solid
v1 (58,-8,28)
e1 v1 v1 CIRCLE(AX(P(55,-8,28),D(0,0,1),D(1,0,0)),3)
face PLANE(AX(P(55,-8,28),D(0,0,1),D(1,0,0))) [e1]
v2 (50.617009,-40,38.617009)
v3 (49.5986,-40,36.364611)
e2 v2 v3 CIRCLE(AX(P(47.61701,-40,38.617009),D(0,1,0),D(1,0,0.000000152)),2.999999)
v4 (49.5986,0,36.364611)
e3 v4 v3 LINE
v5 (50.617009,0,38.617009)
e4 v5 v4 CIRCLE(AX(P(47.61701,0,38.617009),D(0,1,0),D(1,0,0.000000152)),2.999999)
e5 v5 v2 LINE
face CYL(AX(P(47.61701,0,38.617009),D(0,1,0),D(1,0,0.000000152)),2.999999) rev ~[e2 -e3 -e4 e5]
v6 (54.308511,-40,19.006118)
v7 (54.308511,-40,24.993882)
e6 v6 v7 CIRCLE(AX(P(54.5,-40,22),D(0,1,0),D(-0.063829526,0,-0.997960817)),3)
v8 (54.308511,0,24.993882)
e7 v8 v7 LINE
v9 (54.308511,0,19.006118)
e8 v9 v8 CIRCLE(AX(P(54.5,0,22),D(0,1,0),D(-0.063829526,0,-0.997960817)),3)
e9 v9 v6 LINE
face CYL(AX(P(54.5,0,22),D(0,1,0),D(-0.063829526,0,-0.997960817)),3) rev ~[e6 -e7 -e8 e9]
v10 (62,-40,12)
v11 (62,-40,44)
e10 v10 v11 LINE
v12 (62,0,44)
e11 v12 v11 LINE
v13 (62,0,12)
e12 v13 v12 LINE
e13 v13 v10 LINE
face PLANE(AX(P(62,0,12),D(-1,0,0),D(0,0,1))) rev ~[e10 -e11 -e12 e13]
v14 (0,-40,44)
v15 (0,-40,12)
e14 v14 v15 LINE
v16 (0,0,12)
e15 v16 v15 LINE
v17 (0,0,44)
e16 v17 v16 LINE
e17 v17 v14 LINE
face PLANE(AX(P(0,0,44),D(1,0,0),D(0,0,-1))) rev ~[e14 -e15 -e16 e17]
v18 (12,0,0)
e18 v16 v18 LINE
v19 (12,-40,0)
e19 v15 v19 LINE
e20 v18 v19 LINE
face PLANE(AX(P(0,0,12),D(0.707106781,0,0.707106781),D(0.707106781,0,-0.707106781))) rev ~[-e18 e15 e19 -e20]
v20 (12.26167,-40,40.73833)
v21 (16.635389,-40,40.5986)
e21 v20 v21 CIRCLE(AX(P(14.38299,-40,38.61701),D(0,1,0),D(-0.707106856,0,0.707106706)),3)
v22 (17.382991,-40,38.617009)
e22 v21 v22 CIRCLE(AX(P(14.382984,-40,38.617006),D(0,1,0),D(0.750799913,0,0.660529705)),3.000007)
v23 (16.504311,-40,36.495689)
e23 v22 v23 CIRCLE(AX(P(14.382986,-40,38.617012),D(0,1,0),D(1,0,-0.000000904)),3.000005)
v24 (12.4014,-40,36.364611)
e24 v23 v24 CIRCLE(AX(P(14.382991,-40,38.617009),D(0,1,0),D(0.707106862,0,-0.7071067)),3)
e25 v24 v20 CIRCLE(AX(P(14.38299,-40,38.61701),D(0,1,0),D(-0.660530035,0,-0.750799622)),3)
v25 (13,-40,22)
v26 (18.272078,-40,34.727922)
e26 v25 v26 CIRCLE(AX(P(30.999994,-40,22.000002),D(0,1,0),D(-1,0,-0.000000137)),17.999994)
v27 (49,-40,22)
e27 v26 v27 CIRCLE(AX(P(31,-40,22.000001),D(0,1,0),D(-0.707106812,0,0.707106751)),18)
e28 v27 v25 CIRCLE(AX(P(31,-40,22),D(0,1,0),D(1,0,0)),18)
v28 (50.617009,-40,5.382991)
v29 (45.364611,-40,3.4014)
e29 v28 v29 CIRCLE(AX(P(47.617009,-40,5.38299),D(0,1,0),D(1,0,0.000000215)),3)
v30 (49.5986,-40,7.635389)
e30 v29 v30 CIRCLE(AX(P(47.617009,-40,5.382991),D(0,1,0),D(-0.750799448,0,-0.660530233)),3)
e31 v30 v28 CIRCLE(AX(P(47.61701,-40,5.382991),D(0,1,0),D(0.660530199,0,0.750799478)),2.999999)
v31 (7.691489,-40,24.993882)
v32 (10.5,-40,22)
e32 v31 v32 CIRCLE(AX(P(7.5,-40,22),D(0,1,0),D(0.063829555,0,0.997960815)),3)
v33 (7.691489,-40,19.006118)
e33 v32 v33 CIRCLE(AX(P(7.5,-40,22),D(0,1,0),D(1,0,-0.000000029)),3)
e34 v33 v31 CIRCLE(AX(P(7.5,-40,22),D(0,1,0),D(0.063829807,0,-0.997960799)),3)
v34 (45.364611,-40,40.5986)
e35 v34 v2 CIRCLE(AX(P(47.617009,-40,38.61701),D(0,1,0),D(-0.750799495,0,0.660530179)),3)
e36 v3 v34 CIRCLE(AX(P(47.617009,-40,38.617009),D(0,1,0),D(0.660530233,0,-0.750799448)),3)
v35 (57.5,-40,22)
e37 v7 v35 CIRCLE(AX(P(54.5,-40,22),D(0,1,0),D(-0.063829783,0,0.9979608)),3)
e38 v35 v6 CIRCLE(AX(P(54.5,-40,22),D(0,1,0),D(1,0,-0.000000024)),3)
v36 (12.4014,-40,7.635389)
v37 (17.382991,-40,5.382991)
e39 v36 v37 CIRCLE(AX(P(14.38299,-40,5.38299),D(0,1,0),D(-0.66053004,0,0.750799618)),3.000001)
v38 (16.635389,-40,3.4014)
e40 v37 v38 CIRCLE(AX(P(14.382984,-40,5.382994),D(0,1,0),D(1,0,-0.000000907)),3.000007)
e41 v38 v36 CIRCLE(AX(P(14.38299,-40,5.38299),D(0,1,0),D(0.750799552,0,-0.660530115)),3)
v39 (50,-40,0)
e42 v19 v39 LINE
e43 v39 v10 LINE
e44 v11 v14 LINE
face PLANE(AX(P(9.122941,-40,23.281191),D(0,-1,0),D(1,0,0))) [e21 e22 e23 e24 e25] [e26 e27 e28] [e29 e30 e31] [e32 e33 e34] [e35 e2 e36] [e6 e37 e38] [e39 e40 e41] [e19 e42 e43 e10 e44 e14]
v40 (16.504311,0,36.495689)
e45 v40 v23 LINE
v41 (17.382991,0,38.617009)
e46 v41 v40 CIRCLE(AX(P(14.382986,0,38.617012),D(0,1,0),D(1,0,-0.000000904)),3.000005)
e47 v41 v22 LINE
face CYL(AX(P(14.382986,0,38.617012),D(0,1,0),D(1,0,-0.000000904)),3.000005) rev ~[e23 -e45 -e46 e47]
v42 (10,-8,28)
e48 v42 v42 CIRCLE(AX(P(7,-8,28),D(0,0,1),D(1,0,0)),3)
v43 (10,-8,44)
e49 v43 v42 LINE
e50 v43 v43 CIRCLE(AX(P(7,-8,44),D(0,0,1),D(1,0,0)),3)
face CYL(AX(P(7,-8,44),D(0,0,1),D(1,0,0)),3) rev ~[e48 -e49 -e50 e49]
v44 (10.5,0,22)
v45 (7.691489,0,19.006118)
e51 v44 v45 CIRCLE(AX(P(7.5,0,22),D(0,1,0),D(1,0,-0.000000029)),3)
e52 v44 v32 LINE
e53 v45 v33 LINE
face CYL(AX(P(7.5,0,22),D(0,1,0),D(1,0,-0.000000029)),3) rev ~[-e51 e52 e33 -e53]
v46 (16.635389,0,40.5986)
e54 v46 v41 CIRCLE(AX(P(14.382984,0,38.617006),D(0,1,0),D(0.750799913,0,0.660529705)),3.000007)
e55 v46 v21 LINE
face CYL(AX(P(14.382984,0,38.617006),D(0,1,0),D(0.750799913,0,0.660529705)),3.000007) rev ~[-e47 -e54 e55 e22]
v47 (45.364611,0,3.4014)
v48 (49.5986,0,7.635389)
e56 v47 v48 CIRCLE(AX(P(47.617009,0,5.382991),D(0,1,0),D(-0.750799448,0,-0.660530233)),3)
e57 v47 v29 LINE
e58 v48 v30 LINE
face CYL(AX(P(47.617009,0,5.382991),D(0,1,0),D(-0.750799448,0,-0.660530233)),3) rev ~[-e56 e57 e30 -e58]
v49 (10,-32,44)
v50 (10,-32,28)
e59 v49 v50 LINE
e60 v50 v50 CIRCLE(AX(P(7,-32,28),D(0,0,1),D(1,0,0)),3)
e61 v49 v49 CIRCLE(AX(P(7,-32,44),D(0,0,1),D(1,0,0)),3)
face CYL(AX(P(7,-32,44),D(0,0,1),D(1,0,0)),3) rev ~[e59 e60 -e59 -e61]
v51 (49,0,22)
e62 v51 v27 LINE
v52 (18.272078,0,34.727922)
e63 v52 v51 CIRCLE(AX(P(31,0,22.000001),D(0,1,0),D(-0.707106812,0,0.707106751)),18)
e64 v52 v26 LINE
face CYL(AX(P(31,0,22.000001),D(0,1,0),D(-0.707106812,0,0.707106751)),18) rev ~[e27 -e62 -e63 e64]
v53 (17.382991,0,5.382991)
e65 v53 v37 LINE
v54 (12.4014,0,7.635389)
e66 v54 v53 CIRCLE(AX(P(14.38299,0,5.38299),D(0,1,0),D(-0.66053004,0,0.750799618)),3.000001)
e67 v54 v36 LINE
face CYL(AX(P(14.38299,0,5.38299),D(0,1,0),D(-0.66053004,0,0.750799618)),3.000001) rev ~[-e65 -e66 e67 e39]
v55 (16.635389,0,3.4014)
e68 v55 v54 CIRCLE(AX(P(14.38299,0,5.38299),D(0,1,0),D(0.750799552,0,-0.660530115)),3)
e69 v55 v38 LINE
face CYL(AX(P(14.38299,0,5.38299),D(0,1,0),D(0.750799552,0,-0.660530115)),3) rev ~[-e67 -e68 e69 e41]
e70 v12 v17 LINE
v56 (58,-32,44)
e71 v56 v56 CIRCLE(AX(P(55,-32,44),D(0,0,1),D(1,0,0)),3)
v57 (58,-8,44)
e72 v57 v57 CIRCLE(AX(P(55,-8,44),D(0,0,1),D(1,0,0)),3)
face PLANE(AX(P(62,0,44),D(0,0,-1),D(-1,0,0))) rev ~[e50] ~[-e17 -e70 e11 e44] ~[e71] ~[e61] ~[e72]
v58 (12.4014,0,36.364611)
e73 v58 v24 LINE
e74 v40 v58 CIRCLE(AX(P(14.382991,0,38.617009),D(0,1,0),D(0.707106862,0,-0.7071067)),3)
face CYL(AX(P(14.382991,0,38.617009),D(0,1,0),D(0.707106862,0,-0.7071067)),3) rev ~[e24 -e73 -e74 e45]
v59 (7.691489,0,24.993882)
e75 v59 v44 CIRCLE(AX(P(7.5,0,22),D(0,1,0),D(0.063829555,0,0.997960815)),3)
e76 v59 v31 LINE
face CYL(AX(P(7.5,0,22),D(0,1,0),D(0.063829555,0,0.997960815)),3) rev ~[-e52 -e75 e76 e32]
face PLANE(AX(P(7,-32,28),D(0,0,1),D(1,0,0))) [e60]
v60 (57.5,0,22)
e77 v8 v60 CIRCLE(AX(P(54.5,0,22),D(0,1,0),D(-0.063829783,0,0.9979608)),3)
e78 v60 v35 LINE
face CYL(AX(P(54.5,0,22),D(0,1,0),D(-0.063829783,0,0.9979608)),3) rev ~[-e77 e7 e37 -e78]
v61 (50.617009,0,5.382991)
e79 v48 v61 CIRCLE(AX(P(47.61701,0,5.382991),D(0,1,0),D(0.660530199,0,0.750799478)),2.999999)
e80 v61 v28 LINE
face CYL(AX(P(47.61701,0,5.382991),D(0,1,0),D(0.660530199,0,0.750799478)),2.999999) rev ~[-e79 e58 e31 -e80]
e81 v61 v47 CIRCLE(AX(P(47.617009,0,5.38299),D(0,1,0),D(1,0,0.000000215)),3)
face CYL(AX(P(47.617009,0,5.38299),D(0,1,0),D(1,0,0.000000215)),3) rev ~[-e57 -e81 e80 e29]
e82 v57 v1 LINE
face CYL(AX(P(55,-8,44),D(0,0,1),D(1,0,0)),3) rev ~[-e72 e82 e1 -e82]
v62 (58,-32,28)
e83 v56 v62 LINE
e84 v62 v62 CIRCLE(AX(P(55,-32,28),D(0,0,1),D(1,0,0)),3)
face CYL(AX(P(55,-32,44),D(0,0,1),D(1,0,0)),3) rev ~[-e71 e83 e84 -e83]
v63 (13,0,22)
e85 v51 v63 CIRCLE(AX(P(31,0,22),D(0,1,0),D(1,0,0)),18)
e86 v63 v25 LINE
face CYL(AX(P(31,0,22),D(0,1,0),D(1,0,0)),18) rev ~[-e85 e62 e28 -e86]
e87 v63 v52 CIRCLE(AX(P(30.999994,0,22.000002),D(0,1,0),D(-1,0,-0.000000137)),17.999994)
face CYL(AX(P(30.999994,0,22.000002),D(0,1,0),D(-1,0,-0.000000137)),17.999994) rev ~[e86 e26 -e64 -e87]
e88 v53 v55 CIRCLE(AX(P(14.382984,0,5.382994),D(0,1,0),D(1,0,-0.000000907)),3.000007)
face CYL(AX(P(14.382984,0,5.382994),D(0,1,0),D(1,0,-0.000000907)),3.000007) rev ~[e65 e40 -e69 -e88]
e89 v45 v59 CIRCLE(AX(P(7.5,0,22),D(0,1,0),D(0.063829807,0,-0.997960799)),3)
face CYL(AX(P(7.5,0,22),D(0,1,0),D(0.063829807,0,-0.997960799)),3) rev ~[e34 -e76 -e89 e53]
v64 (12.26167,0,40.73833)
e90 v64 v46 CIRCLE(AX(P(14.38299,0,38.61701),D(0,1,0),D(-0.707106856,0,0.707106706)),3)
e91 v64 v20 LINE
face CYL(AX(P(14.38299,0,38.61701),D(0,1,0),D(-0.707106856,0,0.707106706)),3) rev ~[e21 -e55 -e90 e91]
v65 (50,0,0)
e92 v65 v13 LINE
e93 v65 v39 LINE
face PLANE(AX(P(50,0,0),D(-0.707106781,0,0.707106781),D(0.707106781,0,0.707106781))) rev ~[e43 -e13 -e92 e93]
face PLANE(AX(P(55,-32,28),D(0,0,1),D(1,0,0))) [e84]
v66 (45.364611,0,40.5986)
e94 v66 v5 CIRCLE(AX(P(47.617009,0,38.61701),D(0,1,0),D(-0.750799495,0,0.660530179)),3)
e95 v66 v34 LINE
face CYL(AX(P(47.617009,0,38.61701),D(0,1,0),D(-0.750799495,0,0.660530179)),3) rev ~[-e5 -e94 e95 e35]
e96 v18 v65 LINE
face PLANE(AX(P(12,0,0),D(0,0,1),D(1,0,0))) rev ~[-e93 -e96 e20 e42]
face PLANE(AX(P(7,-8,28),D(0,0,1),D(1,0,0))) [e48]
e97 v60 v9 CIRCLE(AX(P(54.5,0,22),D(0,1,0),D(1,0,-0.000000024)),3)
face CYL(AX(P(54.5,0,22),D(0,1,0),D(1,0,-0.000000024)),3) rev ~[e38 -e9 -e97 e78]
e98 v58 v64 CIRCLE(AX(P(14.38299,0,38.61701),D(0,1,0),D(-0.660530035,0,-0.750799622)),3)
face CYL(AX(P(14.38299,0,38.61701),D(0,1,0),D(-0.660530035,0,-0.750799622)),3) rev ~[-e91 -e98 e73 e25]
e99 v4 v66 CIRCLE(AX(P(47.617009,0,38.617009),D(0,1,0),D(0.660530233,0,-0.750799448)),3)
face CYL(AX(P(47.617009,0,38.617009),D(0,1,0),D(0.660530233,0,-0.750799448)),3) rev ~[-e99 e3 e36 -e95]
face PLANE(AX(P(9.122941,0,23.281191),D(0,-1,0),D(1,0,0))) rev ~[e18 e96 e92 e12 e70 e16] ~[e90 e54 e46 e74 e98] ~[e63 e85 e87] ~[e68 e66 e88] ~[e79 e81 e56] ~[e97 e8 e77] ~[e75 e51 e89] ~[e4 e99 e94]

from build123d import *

# Parameters (mm, degrees)
F1_DEPTH = 40
F2_R     = 3
F3_DEPTH = 16


with BuildPart() as f1:
    # F0 (on Front) → F1 (new body)
    with BuildSketch(Plane.XZ):
        with BuildLine():
            Line((0, 12), (12, 0))
            Line((12, 0), (22.738644, 0))
            ThreePointArc((22.738644, 0), (19.559896, 1.472603), (16.635389, 3.4014))
            ThreePointArc((16.635389, 3.4014), (12.26167, 3.26167), (12.4014, 7.635389))
            ThreePointArc((12.4014, 7.635389), (9.288831, 13.006939), (7.691489, 19.006118))
            ThreePointArc((7.691489, 19.006118), (4.5, 22), (7.691489, 24.993882))
            ThreePointArc((7.691489, 24.993882), (9.288831, 30.993061), (12.4014, 36.364611))
            ThreePointArc((12.4014, 36.364611), (11.38452, 38.521216), (12.26167, 40.73833))
            ThreePointArc((12.26167, 40.73833), (14.478784, 41.61548), (16.635389, 40.5986))
            ThreePointArc((16.635389, 40.5986), (19.559896, 42.527397), (22.738644, 44))
            Line((22.738644, 44), (0, 44))
            Line((0, 44), (0, 12))
        make_face()
        with BuildLine():
            ThreePointArc((12.4014, 36.364611), (9.288831, 30.993061), (7.691489, 24.993882))
            ThreePointArc((7.691489, 24.993882), (9.687975, 24.052502), (10.5, 22))
            Line((10.5, 22), (13, 22))
            ThreePointArc((13, 22), (14.370168, 28.888302), (18.272078, 34.727922))
            Line((18.272078, 34.727922), (16.504311, 36.495689))
            ThreePointArc((16.504311, 36.495689), (14.478784, 35.618539), (12.4014, 36.364611))
        make_face()
        with BuildLine():
            ThreePointArc((16.635389, 3.4014), (19.559896, 1.472603), (22.738644, 0))
            Line((22.738644, 0), (39.261356, 0))
            ThreePointArc((39.261356, 0), (42.440104, 1.472603), (45.364611, 3.4014))
            ThreePointArc((45.364611, 3.4014), (45.495689, 7.504311), (49.5986, 7.635389))
            ThreePointArc((49.5986, 7.635389), (52.711169, 13.006939), (54.308511, 19.006118))
            ThreePointArc((54.308511, 19.006118), (51.5, 22), (54.308511, 24.993882))
            ThreePointArc((54.308511, 24.993882), (52.711169, 30.993061), (49.5986, 36.364611))
            ThreePointArc((49.5986, 36.364611), (45.495689, 36.495689), (45.364611, 40.5986))
            ThreePointArc((45.364611, 40.5986), (42.440104, 42.527397), (39.261356, 44))
            Line((39.261356, 44), (22.738644, 44))
            ThreePointArc((22.738644, 44), (19.559896, 42.527397), (16.635389, 40.5986))
            ThreePointArc((16.635389, 40.5986), (17.189874, 39.675973), (17.382991, 38.617009))
            ThreePointArc((17.382991, 38.617009), (17.154629, 37.468959), (16.504311, 36.495689))
            Line((16.504311, 36.495689), (18.272078, 34.727922))
            ThreePointArc((18.272078, 34.727922), (37.888302, 38.629832), (49, 22))
            ThreePointArc((49, 22), (31, 4), (13, 22))
            Line((13, 22), (10.5, 22))
            ThreePointArc((10.5, 22), (9.687975, 19.947498), (7.691489, 19.006118))
            ThreePointArc((7.691489, 19.006118), (9.288831, 13.006939), (12.4014, 7.635389))
            ThreePointArc((12.4014, 7.635389), (15.618957, 8.116557), (17.382991, 5.382991))
            ThreePointArc((17.382991, 5.382991), (17.189874, 4.324027), (16.635389, 3.4014))
        make_face()
        with BuildLine():
            ThreePointArc((45.364611, 3.4014), (42.440104, 1.472603), (39.261356, 0))
            Line((39.261356, 0), (50, 0))
            Line((50, 0), (62, 12))
            Line((62, 12), (62, 44))
            Line((62, 44), (39.261356, 44))
            ThreePointArc((39.261356, 44), (42.440104, 42.527397), (45.364611, 40.5986))
            ThreePointArc((45.364611, 40.5986), (48.675973, 41.423893), (50.617009, 38.617009))
            ThreePointArc((50.617009, 38.617009), (50.350576, 37.381043), (49.5986, 36.364611))
            ThreePointArc((49.5986, 36.364611), (52.711169, 30.993061), (54.308511, 24.993882))
            ThreePointArc((54.308511, 24.993882), (56.552502, 24.187975), (57.5, 22))
            ThreePointArc((57.5, 22), (56.552502, 19.812025), (54.308511, 19.006118))
            ThreePointArc((54.308511, 19.006118), (52.711169, 13.006939), (49.5986, 7.635389))
            ThreePointArc((49.5986, 7.635389), (50.350576, 6.618957), (50.617009, 5.382991))
            ThreePointArc((50.617009, 5.382991), (48.675973, 2.576107), (45.364611, 3.4014))
        make_face()
    extrude(amount=F1_DEPTH)

    # F2 (on face) → F3 (cut)
    with BuildSketch(Plane.XY.offset(44)):
        with Locations((7, -8)):
            Circle(F2_R)
        with Locations((7, -32)):
            Circle(F2_R)
        with Locations((55, -32)):
            Circle(F2_R)
        with Locations((55, -8)):
            Circle(F2_R)
    extrude(amount=-F3_DEPTH, mode=Mode.SUBTRACT)


solid = f1.part
